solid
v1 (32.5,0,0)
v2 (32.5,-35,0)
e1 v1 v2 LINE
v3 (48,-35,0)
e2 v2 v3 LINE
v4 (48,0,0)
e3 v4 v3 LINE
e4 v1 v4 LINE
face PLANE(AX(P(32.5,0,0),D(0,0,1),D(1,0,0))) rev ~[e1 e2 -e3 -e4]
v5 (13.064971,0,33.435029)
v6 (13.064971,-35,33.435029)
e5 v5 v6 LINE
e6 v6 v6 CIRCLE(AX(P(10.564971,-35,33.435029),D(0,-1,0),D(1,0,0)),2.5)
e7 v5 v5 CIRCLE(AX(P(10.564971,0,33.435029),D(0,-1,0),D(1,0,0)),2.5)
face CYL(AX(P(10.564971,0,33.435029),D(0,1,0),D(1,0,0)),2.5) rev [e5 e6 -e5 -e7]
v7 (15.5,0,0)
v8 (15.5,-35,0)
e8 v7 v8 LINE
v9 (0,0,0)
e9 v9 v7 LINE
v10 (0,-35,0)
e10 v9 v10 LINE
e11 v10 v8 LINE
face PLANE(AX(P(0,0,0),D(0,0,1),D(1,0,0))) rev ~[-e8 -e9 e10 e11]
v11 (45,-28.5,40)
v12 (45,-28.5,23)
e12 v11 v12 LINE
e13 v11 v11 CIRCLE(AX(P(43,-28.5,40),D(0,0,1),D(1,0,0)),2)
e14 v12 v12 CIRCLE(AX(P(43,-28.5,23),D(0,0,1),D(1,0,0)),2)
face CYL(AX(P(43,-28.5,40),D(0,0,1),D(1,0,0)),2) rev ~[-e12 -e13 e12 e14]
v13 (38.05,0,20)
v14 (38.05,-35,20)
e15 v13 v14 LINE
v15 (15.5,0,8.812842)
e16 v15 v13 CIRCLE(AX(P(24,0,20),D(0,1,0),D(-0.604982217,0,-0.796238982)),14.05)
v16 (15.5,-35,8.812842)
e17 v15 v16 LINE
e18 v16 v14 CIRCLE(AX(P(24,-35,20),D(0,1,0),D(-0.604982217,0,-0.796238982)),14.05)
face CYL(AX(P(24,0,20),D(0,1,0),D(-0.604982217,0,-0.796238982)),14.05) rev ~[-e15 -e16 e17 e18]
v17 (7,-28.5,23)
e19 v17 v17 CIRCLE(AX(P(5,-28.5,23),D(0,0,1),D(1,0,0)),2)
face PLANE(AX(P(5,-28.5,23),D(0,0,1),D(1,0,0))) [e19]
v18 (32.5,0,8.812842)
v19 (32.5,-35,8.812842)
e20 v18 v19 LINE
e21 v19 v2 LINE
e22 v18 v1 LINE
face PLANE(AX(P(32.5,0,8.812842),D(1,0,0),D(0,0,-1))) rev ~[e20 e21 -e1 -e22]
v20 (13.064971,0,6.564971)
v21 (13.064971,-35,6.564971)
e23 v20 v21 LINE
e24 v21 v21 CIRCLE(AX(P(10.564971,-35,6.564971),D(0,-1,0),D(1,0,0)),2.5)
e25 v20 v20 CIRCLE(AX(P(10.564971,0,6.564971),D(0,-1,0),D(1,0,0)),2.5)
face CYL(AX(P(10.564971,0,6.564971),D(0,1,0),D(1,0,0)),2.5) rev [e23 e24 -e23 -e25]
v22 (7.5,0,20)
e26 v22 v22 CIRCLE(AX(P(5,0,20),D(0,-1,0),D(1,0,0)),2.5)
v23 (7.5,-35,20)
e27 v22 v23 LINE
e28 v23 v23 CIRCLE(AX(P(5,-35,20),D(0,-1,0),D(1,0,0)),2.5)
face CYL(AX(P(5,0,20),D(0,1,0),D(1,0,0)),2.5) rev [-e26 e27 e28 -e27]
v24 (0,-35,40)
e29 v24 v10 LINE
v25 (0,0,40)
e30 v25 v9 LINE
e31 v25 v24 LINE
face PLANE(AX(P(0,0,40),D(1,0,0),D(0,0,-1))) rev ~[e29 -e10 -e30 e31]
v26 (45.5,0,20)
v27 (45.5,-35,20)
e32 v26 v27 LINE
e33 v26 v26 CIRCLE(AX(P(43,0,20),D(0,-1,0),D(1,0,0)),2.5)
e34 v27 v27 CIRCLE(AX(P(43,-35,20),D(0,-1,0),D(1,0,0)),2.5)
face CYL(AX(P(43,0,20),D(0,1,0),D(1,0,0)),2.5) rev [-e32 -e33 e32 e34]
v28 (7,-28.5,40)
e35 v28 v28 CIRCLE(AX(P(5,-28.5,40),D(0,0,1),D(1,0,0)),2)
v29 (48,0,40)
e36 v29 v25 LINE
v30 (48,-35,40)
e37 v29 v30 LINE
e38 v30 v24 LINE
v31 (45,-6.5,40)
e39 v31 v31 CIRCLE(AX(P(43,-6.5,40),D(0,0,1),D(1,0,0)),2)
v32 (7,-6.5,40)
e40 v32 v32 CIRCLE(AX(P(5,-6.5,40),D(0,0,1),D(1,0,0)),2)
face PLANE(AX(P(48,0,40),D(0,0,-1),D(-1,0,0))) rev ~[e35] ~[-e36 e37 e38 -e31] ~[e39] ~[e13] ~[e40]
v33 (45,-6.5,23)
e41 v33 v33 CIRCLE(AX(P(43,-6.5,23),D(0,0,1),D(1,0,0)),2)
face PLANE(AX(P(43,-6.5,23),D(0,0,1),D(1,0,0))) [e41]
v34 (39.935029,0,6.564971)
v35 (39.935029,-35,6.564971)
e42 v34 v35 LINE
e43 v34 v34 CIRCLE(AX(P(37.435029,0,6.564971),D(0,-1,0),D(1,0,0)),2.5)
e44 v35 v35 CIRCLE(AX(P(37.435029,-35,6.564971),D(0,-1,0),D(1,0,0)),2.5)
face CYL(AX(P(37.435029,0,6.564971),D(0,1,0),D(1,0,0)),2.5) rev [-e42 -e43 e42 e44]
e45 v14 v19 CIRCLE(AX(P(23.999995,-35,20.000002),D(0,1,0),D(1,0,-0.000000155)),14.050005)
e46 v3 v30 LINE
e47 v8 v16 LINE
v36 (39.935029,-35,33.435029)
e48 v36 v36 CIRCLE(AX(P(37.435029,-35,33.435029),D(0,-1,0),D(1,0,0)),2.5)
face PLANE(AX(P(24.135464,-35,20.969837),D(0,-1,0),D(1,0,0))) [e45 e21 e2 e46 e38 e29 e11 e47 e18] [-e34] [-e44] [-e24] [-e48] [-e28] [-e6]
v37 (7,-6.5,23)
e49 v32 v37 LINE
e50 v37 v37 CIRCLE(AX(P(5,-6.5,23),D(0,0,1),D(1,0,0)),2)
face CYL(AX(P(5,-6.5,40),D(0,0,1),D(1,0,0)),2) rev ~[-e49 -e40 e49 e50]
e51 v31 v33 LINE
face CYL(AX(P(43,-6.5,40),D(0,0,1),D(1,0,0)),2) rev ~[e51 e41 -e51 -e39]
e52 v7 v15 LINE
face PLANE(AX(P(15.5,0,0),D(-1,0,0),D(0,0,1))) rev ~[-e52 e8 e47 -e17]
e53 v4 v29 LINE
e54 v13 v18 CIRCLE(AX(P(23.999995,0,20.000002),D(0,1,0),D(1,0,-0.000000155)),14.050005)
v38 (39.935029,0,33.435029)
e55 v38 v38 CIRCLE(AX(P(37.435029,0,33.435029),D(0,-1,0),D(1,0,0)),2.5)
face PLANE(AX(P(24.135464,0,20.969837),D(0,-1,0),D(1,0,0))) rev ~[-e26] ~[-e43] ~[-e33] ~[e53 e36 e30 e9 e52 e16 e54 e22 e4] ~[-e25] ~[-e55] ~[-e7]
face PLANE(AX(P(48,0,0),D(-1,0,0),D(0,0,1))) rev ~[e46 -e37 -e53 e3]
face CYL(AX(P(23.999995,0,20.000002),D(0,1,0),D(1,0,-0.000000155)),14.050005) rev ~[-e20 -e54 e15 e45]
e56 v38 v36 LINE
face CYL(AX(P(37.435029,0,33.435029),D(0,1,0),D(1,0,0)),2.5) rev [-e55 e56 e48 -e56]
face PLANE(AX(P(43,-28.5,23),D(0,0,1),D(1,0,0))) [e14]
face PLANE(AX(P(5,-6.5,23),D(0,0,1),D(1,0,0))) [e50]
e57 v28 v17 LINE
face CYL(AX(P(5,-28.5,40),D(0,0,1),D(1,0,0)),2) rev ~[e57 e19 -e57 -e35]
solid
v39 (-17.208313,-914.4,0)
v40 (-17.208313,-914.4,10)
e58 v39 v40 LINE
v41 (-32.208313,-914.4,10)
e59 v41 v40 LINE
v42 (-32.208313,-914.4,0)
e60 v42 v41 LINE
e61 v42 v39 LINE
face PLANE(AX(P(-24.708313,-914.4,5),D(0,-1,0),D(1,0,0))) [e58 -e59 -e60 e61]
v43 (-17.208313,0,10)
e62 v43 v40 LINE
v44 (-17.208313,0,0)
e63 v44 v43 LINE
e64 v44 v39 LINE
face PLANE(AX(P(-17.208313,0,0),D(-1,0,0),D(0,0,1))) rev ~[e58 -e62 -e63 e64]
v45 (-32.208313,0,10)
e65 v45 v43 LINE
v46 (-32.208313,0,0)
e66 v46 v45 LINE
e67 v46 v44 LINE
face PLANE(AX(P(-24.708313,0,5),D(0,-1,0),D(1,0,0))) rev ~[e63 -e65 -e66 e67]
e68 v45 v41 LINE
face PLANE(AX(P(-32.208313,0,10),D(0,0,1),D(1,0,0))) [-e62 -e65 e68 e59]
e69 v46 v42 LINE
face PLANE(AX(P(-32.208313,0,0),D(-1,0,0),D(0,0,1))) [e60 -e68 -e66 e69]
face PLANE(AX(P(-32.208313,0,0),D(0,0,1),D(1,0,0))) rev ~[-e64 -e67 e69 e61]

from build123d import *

# Parameters (mm, degrees)
F0_R     = 2.5
F1_DEPTH = 35
F2_R     = 2
F3_DEPTH = 17
F4_W     = 15
F4_H     = 10
F5_DEPTH = 914.4


with BuildPart() as f1:
    # F0 (on Front) → F1 (new body)
    with BuildSketch(Plane.XZ):
        with BuildLine():
            Line((0, 40), (0, 0))
            Line((0, 0), (15.5, 0))
            Line((15.5, 0), (15.5, 8.812842))
            ThreePointArc((15.5, 8.812842), (17.755903, 32.586252), (38.05, 20))
            ThreePointArc((38.05, 20), (36.586252, 13.755903), (32.5, 8.812842))
            Line((32.5, 8.812842), (32.5, 0))
            Line((32.5, 0), (48, 0))
            Line((48, 0), (48, 40))
            Line((48, 40), (0, 40))
        make_face()
        with Locations((10.564971, 6.564971)):
            Circle(F0_R, mode=Mode.SUBTRACT)
        with Locations((37.435029, 6.564971)):
            Circle(F0_R, mode=Mode.SUBTRACT)
        with Locations((5, 20)):
            Circle(F0_R, mode=Mode.SUBTRACT)
        with Locations((10.564971, 33.435029)):
            Circle(F0_R, mode=Mode.SUBTRACT)
        with Locations((43, 20)):
            Circle(F0_R, mode=Mode.SUBTRACT)
        with Locations((37.435029, 33.435029)):
            Circle(F0_R, mode=Mode.SUBTRACT)
    extrude(amount=F1_DEPTH)

    # F2 (on face) → F3 (cut)
    with BuildSketch(Plane.XY.offset(40)):
        with Locations((43, -6.5)):
            Circle(F2_R)
        with Locations((43, -28.5)):
            Circle(F2_R)
        with Locations((5, -6.5)):
            Circle(F2_R)
        with Locations((5, -28.5)):
            Circle(F2_R)
    extrude(amount=-F3_DEPTH, mode=Mode.SUBTRACT)


with BuildPart() as f5:
    # F4 (on Front) → F5 (new body)
    with BuildSketch(Plane.XZ):
        with Locations((-24.708313, 5)):
            Rectangle(F4_W, F4_H)
    extrude(amount=F5_DEPTH)


solid = Compound([f1.part, f5.part])
